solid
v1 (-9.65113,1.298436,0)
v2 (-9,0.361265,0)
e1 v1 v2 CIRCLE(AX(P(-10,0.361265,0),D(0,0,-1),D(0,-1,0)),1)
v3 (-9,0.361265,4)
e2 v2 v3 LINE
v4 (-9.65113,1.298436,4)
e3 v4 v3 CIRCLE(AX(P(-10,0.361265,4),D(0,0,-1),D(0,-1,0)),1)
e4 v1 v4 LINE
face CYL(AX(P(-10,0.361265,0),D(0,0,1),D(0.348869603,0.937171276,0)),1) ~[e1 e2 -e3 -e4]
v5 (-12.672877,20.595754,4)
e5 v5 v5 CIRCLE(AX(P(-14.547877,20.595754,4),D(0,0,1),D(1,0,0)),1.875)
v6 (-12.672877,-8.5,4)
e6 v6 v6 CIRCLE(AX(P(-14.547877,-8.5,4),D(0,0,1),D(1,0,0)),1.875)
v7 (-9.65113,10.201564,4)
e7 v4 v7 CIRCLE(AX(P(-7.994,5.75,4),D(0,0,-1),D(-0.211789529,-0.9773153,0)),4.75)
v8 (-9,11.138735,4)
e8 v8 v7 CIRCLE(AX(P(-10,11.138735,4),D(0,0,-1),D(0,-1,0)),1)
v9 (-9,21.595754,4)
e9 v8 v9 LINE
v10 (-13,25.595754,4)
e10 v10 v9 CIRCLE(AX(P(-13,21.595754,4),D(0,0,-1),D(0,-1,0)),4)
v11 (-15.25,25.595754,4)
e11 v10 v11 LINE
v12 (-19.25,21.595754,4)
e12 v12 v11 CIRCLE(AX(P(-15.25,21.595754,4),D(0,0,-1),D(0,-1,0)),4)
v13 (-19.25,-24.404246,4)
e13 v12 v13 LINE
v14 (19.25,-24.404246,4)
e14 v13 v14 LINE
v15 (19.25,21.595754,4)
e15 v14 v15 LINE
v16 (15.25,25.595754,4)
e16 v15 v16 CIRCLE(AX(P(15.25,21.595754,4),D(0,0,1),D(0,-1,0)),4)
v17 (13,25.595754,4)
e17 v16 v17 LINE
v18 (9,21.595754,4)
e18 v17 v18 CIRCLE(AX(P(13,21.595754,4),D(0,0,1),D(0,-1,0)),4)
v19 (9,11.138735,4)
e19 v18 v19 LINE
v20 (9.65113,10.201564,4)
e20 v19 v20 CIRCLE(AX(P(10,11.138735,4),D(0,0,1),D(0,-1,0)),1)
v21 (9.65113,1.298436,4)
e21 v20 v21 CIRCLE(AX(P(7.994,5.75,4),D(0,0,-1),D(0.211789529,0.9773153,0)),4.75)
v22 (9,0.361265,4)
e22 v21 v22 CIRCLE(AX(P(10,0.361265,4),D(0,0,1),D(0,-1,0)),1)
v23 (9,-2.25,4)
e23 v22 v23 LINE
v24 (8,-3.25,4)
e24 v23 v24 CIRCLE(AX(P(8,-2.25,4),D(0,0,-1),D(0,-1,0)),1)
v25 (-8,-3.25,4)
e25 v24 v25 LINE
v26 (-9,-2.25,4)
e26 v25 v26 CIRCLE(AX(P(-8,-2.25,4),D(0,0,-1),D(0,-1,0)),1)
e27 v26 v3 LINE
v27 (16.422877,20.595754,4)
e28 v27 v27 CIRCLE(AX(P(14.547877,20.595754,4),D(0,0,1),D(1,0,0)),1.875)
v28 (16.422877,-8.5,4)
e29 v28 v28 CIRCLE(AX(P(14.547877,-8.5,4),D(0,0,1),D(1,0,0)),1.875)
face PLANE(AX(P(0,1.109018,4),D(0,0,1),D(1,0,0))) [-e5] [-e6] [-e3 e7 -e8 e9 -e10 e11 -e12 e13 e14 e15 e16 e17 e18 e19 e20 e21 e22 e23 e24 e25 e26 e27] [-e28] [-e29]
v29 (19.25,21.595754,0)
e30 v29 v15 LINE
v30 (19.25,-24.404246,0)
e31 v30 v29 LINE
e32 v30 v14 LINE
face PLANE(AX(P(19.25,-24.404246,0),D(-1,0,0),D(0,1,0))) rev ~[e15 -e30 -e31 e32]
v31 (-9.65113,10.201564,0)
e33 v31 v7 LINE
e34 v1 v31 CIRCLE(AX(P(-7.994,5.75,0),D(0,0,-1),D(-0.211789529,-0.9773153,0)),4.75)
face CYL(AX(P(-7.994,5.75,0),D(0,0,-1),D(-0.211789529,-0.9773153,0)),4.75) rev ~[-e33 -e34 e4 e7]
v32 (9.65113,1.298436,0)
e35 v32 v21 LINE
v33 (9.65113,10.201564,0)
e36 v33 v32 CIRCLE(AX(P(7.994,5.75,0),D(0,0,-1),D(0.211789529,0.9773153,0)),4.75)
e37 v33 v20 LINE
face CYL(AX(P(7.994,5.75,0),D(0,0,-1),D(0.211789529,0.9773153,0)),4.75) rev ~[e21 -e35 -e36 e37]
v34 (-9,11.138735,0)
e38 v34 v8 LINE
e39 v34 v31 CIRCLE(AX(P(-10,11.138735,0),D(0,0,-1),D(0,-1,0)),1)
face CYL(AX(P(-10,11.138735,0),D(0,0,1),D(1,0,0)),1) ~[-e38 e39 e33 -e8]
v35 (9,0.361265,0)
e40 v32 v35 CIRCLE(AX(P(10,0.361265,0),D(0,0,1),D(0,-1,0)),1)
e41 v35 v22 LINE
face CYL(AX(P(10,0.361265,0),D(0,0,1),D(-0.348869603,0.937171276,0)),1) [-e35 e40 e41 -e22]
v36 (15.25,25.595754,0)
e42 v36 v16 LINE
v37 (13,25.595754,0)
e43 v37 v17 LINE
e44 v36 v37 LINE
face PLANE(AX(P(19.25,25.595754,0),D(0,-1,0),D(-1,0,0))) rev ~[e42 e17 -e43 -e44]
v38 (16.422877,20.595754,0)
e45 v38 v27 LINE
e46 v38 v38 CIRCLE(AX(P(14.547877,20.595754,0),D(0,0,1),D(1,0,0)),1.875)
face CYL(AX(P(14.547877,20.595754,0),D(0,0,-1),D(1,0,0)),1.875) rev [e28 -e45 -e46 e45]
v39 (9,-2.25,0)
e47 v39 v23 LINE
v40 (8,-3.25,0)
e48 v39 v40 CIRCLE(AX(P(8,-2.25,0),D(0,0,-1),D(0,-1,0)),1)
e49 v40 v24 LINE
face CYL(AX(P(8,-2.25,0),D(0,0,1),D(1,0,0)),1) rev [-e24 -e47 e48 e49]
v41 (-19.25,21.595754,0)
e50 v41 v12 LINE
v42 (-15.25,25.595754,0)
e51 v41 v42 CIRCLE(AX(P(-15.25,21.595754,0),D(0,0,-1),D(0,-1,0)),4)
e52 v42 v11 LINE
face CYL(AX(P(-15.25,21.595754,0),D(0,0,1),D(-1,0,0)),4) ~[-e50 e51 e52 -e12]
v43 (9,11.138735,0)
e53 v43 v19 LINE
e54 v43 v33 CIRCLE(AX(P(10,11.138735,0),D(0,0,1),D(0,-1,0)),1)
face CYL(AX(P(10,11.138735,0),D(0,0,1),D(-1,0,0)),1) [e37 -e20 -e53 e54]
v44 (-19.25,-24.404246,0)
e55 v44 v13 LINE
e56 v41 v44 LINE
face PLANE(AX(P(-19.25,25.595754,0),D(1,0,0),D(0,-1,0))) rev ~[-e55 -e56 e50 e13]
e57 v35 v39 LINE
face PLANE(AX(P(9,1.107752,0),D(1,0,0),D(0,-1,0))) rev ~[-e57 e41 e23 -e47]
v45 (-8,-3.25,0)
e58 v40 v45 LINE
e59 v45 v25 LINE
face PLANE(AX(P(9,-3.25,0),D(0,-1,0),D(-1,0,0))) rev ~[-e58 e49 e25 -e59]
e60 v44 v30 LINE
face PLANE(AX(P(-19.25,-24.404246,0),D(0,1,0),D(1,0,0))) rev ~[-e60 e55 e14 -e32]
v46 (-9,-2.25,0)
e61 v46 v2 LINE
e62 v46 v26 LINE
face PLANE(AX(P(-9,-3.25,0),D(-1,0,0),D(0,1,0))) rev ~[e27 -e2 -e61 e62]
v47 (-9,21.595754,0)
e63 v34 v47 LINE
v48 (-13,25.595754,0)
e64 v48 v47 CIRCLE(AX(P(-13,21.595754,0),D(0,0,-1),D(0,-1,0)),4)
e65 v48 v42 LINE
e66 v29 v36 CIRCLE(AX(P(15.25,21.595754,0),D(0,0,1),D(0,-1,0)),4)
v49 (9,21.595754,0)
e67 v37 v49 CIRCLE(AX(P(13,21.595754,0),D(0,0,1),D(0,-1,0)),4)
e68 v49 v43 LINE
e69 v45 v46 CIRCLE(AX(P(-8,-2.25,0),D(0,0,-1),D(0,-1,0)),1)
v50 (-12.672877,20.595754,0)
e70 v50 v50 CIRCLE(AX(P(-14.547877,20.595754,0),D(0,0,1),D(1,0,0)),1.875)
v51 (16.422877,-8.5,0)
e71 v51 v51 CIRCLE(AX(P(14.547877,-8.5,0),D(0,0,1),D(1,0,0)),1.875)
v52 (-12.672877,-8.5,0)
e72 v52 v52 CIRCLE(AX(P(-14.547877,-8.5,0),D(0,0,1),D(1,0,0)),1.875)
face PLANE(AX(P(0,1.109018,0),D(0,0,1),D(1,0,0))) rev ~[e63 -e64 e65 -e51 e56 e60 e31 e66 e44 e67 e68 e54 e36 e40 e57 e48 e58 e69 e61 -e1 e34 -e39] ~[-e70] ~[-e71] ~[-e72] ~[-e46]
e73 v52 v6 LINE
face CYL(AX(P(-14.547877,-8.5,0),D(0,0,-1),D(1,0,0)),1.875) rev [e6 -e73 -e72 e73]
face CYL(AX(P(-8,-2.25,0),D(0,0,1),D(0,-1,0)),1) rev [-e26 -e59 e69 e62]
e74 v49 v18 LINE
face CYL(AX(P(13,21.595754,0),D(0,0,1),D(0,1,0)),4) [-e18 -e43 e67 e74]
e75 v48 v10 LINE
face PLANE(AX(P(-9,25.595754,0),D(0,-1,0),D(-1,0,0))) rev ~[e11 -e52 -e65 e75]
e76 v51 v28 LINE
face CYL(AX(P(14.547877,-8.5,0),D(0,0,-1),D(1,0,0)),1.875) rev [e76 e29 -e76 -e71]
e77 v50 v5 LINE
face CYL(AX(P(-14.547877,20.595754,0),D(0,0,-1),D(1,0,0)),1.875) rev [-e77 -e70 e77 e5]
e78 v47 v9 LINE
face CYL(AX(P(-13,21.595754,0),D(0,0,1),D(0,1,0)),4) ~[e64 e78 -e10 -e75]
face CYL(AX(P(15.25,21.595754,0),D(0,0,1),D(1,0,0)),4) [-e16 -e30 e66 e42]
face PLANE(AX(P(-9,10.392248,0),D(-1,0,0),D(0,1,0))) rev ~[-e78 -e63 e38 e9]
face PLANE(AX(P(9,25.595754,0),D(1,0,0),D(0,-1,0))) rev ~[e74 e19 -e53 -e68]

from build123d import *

# Parameters (mm, degrees)
F0_R     = 1.875
F1_DEPTH = 4
F2_R     = 4
F3_R     = 1


with BuildPart() as f1:
    # F0 (on Top) → F1 (new body)
    with BuildSketch(Plane.XY):
        with BuildLine():
            Line((19.25, -24.404246), (19.25, 25.595754))
            Line((19.25, 25.595754), (9, 25.595754))
            Line((9, 25.595754), (9, 10.392248))
            ThreePointArc((9, 10.392248), (12.744, 5.75), (9, 1.107752))
            Line((9, 1.107752), (9, -3.25))
            Line((9, -3.25), (-9, -3.25))
            Line((-9, -3.25), (-9, 1.107752))
            ThreePointArc((-9, 1.107752), (-12.744, 5.75), (-9, 10.392248))
            Line((-9, 10.392248), (-9, 25.595754))
            Line((-9, 25.595754), (-19.25, 25.595754))
            Line((-19.25, 25.595754), (-19.25, -24.404246))
            Line((-19.25, -24.404246), (19.25, -24.404246))
        make_face()
        with Locations((-14.547877, -8.5)):
            Circle(F0_R, mode=Mode.SUBTRACT)
        with Locations((14.547877, -8.5)):
            Circle(F0_R, mode=Mode.SUBTRACT)
        with Locations((-14.547877, 20.595754)):
            Circle(F0_R, mode=Mode.SUBTRACT)
        with Locations((14.547877, 20.595754)):
            Circle(F0_R, mode=Mode.SUBTRACT)
    extrude(amount=F1_DEPTH)

    # F2
    f2_edges = [f1.edges().sort_by_distance(p)[0] for p in [
        (19.25, 25.595754, 2),
        (-19.25, 25.595754, 2),
        (-9, 25.595754, 2),
        (9, 25.595754, 2),
    ]]
    fillet(f2_edges, radius=F2_R)

    # F3
    f3_edges = [f1.edges().sort_by_distance(p)[0] for p in [
        (-9, 10.392248, 2),
        (-9, 1.107752, 2),
        (-9, -3.25, 2),
        (9, -3.25, 2),
        (9, 1.107752, 2),
        (9, 10.392248, 2),
    ]]
    fillet(f3_edges, radius=F3_R)


solid = f1.part
